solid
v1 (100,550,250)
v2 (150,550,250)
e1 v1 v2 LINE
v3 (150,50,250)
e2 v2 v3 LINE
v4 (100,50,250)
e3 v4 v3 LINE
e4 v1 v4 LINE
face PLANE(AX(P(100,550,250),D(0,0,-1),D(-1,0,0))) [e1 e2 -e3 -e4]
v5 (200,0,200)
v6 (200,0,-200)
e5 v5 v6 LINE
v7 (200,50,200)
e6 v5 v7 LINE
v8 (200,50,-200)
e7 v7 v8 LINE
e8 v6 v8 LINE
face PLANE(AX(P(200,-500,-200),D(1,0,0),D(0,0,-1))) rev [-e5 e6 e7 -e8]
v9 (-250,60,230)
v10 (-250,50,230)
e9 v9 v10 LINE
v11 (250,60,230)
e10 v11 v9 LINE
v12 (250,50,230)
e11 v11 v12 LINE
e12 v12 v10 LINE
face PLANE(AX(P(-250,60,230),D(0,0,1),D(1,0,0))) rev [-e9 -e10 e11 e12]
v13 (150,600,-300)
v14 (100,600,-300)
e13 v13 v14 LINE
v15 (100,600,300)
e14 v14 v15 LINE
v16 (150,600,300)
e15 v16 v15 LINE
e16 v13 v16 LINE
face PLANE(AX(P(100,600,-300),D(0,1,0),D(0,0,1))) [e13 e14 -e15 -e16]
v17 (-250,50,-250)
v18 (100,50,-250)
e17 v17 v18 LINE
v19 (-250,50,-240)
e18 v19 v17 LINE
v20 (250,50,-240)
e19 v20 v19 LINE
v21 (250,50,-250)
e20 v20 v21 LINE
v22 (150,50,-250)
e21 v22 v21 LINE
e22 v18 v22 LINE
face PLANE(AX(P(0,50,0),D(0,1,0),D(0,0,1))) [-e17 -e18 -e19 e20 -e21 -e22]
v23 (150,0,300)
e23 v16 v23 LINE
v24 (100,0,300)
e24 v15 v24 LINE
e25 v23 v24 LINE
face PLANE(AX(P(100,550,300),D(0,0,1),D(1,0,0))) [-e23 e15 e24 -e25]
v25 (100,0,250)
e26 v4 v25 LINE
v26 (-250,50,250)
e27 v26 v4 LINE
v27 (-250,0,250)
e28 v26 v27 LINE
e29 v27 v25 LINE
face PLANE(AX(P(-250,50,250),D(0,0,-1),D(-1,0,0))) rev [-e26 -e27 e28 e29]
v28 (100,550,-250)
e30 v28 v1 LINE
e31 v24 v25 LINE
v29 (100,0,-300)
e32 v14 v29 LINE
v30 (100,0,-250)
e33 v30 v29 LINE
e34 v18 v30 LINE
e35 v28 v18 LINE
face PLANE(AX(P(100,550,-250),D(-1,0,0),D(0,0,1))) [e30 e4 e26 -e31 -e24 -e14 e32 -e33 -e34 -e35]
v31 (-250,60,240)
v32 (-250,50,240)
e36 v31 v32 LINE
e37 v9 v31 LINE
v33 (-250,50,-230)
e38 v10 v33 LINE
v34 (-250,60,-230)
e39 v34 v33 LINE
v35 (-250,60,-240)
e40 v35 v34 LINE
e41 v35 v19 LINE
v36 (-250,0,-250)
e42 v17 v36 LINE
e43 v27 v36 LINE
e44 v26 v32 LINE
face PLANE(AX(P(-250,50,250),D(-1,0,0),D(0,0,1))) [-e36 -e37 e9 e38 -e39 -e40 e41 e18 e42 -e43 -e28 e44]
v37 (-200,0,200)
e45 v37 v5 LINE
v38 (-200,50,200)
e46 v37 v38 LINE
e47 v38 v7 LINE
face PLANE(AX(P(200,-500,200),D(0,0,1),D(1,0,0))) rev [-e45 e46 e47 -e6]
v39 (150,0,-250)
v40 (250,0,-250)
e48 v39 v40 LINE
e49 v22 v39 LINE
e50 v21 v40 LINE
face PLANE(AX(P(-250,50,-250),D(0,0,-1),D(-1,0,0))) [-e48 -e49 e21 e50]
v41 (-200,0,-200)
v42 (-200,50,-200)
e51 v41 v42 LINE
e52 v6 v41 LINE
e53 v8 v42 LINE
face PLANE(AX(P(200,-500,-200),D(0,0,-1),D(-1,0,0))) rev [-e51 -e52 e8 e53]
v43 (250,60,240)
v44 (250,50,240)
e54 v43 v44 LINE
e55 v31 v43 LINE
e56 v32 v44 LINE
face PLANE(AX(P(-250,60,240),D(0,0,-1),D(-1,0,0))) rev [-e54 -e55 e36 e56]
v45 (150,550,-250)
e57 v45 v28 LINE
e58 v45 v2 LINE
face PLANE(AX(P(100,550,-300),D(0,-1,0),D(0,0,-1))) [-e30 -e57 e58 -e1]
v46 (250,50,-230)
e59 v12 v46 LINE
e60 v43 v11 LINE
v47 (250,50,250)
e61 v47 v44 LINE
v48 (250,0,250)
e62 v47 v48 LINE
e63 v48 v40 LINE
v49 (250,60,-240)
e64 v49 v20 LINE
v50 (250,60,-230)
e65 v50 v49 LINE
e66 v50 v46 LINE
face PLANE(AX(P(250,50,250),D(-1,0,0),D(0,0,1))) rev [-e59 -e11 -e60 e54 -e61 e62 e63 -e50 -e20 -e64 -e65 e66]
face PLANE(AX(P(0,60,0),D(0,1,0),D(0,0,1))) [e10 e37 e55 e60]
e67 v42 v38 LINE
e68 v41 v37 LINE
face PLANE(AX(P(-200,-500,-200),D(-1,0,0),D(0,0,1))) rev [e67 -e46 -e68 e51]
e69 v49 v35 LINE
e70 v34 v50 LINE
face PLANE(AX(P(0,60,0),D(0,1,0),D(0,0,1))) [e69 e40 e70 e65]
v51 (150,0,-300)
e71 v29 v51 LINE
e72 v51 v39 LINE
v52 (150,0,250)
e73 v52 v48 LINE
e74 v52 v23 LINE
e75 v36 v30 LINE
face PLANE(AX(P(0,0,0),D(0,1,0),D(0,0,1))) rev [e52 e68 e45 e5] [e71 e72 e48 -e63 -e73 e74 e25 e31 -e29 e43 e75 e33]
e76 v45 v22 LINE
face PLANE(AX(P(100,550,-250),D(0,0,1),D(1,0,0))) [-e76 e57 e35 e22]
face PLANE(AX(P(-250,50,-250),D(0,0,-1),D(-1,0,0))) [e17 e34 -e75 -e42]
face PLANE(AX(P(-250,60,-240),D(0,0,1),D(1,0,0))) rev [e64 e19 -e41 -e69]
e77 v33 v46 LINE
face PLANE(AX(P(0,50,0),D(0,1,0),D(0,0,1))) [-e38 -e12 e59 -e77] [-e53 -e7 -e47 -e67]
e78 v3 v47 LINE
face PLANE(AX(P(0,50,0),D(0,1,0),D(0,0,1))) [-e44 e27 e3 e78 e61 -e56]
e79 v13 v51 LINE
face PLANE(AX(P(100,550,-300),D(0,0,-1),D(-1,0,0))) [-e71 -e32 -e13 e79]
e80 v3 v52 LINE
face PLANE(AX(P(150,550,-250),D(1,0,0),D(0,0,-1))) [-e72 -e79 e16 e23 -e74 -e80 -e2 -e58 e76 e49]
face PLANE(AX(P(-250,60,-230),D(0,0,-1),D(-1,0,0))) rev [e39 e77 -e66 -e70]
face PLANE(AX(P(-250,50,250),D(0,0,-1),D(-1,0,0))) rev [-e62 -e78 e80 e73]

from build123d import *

# Parameters (mm, degrees)
SKETCH2_W           = 500
SKETCH2_H           = 500
BOSS_EXTRUDE1_DEPTH = 50
SKETCH7_W           = 400
SKETCH7_H           = 400
CUT_EXTRUDE1_DEPTH  = 550
SKETCH8_W           = 500
SKETCH8_H           = 10
BOSS_EXTRUDE2_DEPTH = 10
SKETCH9_W           = 50
SKETCH9_H           = 50
BOSS_EXTRUDE3_DEPTH = 550
SKETCH10_W          = 50
SKETCH10_H          = 50
BOSS_EXTRUDE4_DEPTH = 600


with BuildPart() as part:
    # Sketch2 → Boss-Extrude1 (new body)
    with BuildSketch(Plane(origin=(0, 0, 0), x_dir=(1, 0, 0), z_dir=(0, 1, 0))):
        Rectangle(SKETCH2_W, SKETCH2_H)
    extrude(amount=BOSS_EXTRUDE1_DEPTH)

    # Sketch7 → Cut-Extrude1 (cut)
    with BuildSketch(Plane(origin=(0, 50, 0), x_dir=(1, 0, 0), z_dir=(0, 1, 0))):
        Rectangle(SKETCH7_W, SKETCH7_H)
    extrude(amount=-CUT_EXTRUDE1_DEPTH, mode=Mode.SUBTRACT)

    # Sketch8 → Boss-Extrude2 (add)
    with BuildSketch(Plane(origin=(0, 50, 0), x_dir=(1, 0, 0), z_dir=(0, 1, 0))):
        with Locations((0, 235)):
            Rectangle(SKETCH8_W, SKETCH8_H)
        with Locations((0, -235)):
            Rectangle(SKETCH8_W, SKETCH8_H)
    extrude(amount=BOSS_EXTRUDE2_DEPTH)

    # Sketch9 → Boss-Extrude3 (add)
    with BuildSketch(Plane.XZ):
        with Locations((125, -275)):
            Rectangle(SKETCH9_W, SKETCH9_H)
        with Locations((125, 275)):
            Rectangle(SKETCH9_W, SKETCH9_H)
    extrude(amount=-BOSS_EXTRUDE3_DEPTH)

    # Sketch10 → Boss-Extrude4 (add)
    with BuildSketch(Plane.XY.offset(300)):
        with Locations((125, 575)):
            Rectangle(SKETCH10_W, SKETCH10_H)
    extrude(amount=-BOSS_EXTRUDE4_DEPTH)


solid = part.part
